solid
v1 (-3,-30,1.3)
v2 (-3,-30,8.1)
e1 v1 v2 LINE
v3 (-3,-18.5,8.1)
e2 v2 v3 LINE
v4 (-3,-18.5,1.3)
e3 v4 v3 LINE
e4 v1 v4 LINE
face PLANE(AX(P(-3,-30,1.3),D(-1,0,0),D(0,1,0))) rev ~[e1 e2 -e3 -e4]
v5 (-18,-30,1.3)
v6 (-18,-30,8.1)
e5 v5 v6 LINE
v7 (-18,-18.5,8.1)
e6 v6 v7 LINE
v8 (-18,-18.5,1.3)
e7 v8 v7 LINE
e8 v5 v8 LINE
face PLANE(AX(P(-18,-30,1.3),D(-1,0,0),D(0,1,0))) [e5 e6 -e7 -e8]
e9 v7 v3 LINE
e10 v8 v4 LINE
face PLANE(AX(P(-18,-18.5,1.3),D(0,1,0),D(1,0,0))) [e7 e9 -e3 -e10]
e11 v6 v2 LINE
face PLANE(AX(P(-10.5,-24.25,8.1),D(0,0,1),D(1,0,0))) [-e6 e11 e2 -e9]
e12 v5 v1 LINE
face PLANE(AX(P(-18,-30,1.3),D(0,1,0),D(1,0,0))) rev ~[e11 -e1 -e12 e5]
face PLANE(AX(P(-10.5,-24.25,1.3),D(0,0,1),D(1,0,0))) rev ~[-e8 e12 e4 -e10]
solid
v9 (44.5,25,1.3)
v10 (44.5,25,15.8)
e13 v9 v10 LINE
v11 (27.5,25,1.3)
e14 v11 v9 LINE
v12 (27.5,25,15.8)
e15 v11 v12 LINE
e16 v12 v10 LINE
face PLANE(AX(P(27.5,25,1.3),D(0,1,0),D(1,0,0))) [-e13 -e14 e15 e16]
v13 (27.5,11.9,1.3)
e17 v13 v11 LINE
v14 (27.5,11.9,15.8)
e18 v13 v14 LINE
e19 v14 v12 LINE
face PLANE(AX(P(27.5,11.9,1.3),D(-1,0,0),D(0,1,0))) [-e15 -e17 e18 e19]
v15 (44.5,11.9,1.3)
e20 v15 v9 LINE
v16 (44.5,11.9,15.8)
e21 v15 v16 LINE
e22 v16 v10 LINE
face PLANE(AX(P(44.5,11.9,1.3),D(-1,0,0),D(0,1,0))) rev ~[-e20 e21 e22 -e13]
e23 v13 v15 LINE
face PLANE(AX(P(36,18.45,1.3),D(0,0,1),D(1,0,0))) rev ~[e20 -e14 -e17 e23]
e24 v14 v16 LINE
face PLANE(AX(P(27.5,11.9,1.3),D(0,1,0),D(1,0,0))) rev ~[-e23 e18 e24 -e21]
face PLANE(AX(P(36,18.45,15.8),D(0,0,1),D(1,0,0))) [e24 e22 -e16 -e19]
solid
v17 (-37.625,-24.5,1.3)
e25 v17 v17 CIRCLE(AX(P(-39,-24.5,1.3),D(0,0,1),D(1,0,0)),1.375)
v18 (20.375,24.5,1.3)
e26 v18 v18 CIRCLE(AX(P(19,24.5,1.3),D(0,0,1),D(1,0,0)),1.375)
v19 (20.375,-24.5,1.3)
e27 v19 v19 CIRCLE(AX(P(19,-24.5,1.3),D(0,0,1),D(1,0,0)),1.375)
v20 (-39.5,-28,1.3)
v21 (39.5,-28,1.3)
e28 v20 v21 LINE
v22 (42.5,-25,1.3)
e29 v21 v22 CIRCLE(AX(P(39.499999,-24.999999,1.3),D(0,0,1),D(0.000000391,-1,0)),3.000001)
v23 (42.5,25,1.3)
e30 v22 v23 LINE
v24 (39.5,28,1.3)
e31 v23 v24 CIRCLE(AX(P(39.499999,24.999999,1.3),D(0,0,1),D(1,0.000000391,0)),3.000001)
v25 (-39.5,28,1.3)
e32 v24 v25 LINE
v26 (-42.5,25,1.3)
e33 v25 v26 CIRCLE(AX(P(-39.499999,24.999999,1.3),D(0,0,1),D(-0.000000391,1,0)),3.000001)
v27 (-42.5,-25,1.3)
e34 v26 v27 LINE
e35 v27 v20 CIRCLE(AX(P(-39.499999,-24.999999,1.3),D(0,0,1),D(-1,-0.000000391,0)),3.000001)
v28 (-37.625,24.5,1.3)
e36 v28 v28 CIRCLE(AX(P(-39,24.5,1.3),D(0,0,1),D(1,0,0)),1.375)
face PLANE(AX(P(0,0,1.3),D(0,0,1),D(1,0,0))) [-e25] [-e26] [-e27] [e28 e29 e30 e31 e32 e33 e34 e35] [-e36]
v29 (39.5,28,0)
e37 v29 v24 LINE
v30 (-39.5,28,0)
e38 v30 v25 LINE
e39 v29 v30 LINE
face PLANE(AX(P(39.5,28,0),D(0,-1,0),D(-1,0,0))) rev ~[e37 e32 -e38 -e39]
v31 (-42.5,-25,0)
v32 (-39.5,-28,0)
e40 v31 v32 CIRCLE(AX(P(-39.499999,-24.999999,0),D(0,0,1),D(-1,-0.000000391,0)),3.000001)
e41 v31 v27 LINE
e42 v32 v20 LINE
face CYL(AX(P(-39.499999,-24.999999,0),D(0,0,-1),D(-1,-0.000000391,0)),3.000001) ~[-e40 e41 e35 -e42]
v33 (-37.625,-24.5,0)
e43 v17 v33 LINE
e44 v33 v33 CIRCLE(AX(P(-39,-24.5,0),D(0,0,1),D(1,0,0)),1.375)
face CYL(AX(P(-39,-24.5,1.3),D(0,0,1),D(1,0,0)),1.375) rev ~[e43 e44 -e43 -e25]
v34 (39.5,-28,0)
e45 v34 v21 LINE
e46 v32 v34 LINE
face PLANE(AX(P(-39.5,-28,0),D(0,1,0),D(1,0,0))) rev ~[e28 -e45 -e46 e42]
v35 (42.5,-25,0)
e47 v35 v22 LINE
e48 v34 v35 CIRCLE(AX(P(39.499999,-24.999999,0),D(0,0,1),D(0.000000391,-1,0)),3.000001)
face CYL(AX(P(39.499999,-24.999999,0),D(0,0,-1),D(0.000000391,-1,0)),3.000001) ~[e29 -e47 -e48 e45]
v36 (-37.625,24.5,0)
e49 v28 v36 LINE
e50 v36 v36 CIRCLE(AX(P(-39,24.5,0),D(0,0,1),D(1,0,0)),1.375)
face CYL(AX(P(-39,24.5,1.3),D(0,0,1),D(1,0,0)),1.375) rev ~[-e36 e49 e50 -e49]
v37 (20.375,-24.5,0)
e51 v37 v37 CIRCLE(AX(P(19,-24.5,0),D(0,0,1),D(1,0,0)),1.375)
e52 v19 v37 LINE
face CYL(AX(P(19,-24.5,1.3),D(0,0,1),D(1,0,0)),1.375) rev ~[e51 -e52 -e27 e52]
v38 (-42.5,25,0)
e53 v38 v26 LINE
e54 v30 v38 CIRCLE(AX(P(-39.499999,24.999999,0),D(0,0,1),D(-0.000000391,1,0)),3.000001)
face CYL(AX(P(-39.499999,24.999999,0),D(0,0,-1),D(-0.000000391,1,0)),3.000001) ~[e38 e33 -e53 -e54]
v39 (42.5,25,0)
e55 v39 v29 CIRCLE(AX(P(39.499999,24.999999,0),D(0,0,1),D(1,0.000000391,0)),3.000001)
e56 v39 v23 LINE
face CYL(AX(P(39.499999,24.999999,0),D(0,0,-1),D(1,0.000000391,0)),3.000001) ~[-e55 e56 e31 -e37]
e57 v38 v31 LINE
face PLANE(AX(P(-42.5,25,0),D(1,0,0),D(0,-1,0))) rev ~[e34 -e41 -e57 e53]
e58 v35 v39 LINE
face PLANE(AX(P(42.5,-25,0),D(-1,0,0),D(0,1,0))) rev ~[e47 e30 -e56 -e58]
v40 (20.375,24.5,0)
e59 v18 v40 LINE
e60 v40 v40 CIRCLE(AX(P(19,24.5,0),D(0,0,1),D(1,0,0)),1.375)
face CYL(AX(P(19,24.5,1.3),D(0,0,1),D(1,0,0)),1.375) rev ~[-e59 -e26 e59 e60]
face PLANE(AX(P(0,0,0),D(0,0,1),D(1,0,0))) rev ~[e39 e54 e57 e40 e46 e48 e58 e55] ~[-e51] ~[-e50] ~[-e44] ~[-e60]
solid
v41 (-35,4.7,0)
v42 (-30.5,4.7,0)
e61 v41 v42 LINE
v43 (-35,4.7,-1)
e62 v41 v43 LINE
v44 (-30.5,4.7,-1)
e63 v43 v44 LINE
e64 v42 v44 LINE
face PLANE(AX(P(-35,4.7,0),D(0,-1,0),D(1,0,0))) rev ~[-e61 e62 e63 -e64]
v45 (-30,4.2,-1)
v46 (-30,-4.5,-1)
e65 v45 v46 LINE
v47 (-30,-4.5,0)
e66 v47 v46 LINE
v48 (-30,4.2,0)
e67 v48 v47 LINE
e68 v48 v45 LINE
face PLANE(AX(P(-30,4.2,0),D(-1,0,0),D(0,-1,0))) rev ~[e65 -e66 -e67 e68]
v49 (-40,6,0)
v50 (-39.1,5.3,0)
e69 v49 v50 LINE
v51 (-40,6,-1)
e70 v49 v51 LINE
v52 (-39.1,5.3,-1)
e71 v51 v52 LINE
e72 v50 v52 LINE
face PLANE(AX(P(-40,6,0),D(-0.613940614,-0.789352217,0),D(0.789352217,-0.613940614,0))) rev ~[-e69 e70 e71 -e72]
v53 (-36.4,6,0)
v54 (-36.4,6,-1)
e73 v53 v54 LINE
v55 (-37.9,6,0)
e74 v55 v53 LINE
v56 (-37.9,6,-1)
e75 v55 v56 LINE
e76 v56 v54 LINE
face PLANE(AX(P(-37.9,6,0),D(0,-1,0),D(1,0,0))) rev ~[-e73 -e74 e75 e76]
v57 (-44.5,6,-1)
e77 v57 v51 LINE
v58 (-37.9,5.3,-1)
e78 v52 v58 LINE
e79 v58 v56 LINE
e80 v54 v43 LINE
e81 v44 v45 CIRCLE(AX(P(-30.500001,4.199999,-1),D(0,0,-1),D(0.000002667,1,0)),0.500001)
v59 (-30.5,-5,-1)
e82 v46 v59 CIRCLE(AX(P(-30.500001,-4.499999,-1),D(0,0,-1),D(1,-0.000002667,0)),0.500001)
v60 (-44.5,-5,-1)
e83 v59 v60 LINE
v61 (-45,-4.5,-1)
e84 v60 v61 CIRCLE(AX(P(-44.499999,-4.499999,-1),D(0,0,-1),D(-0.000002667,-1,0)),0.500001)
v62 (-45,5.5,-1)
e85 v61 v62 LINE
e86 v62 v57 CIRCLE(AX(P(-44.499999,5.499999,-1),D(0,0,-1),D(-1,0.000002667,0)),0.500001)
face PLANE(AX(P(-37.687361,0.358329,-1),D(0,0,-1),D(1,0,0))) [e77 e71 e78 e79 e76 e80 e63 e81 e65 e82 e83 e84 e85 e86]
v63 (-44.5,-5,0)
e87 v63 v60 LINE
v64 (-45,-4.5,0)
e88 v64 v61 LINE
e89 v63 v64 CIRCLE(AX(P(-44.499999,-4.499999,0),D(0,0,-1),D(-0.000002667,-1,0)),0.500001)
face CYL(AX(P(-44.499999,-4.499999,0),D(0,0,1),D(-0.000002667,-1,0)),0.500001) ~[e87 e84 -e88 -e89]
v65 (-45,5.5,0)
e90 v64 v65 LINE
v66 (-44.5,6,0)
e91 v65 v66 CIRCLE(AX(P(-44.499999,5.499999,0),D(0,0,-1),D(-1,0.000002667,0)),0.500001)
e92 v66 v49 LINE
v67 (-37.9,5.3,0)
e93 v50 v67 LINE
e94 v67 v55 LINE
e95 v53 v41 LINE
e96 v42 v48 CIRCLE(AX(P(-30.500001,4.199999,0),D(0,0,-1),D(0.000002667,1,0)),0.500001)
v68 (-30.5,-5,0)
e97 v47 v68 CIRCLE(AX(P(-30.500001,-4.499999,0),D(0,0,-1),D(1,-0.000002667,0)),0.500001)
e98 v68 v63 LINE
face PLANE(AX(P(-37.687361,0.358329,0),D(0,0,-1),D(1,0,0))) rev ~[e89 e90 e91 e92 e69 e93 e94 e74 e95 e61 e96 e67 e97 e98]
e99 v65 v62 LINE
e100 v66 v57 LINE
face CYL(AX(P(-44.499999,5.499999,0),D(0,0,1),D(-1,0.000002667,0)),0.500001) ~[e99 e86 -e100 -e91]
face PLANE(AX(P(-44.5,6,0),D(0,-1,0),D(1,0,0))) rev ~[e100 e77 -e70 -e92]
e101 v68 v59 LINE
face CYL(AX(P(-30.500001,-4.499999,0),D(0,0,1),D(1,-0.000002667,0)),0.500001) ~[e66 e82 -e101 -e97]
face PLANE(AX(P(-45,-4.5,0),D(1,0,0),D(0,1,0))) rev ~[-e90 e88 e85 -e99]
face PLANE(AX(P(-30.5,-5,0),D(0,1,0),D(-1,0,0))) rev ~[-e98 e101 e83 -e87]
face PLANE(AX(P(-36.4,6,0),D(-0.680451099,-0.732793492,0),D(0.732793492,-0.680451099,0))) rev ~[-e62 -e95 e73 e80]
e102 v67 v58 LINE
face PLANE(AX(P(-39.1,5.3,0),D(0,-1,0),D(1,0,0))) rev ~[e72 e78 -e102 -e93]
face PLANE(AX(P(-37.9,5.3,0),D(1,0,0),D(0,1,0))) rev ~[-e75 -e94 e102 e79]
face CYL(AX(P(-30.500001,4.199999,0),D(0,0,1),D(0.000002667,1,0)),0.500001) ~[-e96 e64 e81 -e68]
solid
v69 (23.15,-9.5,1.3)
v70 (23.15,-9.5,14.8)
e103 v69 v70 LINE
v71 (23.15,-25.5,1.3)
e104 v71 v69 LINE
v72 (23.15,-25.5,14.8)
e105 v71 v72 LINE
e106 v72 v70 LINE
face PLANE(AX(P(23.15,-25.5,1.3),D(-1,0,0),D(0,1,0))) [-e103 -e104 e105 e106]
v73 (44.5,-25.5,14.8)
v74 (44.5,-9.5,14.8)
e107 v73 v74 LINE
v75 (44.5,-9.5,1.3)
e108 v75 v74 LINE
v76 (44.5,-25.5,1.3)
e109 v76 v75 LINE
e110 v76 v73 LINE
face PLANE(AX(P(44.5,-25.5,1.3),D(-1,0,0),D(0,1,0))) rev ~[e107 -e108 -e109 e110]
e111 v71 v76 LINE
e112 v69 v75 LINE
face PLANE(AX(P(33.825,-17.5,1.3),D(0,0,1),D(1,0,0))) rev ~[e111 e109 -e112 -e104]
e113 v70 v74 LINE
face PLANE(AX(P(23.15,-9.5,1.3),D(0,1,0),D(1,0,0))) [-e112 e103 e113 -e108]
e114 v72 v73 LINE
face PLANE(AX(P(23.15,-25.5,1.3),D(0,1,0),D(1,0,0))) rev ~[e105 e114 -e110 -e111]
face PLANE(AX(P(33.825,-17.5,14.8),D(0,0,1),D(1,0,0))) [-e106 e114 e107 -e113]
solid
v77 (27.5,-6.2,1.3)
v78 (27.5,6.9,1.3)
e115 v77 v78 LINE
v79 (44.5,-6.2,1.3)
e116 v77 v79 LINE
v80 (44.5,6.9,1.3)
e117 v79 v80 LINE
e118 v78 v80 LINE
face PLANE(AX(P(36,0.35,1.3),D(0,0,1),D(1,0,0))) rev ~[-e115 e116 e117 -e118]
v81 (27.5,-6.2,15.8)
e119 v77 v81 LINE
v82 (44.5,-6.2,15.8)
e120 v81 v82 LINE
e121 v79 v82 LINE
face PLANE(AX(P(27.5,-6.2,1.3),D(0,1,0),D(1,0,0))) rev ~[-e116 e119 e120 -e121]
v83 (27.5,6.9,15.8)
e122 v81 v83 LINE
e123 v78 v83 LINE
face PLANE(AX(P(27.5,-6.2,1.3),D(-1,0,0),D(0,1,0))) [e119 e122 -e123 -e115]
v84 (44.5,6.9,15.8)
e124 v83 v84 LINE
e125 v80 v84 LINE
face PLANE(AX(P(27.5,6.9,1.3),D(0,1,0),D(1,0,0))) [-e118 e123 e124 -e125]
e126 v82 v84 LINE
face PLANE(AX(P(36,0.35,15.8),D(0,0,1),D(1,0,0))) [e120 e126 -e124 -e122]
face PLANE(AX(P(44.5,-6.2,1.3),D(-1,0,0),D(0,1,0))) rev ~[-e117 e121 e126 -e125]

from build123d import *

# Parameters (mm, degrees)
F1_DEPTH  = 1.3
F2_R      = 1.375
F3_DEPTH  = 1.3
F4_W      = 21.35
F4_H      = 16
F5_DEPTH  = 13.5
F6_W      = 17
F6_H      = 13.1
F7_DEPTH  = 14.5
F8_W      = 15
F8_H      = 11.5
F9_DEPTH  = 6.8
F11_DEPTH = 1


with BuildPart() as f1:
    # F0 (on Top) → F1 (new body)
    with BuildSketch(Plane.XY):
        with BuildLine():
            Line((39.5, 28), (-39.5, 28))
            ThreePointArc((-39.5, 28), (-41.62132, 27.12132), (-42.5, 25))
            Line((-42.5, 25), (-42.5, -25))
            ThreePointArc((-42.5, -25), (-41.62132, -27.12132), (-39.5, -28))
            Line((-39.5, -28), (39.5, -28))
            ThreePointArc((39.5, -28), (41.62132, -27.12132), (42.5, -25))
            Line((42.5, -25), (42.5, 25))
            ThreePointArc((42.5, 25), (41.62132, 27.12132), (39.5, 28))
        make_face()
    extrude(amount=F1_DEPTH)

    # F2 (on face) → F3 (cut, through all)
    with BuildSketch(Plane.XY.offset(1.3)):
        with Locations((-39, 24.5)):
            Circle(F2_R)
        with Locations((19, 24.5)):
            Circle(F2_R)
        with Locations((-39, -24.5)):
            Circle(F2_R)
        with Locations((19, -24.5)):
            Circle(F2_R)
    extrude(amount=-F3_DEPTH, mode=Mode.SUBTRACT)


with BuildPart() as f5:
    # F4 (on face) → F5 (new body)
    with BuildSketch(Plane.XY.offset(1.3)):
        with Locations((33.825, -17.5)):
            Rectangle(F4_W, F4_H)
    extrude(amount=F5_DEPTH)


with BuildPart() as f7:
    # F6 (on face) → F7 (new body)
    with BuildSketch(Plane.XY.offset(1.3)):
        with Locations((36, 0.35)):
            Rectangle(F6_W, F6_H)
        with Locations((36, 18.45)):
            Rectangle(F6_W, F6_H)
    extrude(amount=F7_DEPTH)


with BuildPart() as f9:
    # F8 (on face) → F9 (new body)
    with BuildSketch(Plane.XY.offset(1.3)):
        with Locations((-10.5, -24.25)):
            Rectangle(F8_W, F8_H)
    extrude(amount=F9_DEPTH)


with BuildPart() as f11:
    # F10 (on face) → F11 (new body)
    with BuildSketch(Plane(origin=(0, 0, 0), x_dir=(1, 0, 0), z_dir=(0, 0, -1))):
        with BuildLine():
            ThreePointArc((-44.5, 5), (-44.853553, 4.853553), (-45, 4.5))
            Line((-45, 4.5), (-45, -5.5))
            ThreePointArc((-45, -5.5), (-44.853553, -5.853553), (-44.5, -6))
            Line((-44.5, -6), (-40, -6))
            Line((-40, -6), (-39.1, -5.3))
            Line((-39.1, -5.3), (-37.9, -5.3))
            Line((-37.9, -5.3), (-37.9, -6))
            Line((-37.9, -6), (-36.4, -6))
            Line((-36.4, -6), (-35, -4.7))
            Line((-35, -4.7), (-30.5, -4.7))
            ThreePointArc((-30.5, -4.7), (-30.146447, -4.553553), (-30, -4.2))
            Line((-30, -4.2), (-30, 4.5))
            ThreePointArc((-30, 4.5), (-30.146447, 4.853553), (-30.5, 5))
            Line((-30.5, 5), (-44.5, 5))
        make_face()
    extrude(amount=F11_DEPTH)


solid = Compound([f1.part, f5.part, f7.part, f9.part, f11.part])
